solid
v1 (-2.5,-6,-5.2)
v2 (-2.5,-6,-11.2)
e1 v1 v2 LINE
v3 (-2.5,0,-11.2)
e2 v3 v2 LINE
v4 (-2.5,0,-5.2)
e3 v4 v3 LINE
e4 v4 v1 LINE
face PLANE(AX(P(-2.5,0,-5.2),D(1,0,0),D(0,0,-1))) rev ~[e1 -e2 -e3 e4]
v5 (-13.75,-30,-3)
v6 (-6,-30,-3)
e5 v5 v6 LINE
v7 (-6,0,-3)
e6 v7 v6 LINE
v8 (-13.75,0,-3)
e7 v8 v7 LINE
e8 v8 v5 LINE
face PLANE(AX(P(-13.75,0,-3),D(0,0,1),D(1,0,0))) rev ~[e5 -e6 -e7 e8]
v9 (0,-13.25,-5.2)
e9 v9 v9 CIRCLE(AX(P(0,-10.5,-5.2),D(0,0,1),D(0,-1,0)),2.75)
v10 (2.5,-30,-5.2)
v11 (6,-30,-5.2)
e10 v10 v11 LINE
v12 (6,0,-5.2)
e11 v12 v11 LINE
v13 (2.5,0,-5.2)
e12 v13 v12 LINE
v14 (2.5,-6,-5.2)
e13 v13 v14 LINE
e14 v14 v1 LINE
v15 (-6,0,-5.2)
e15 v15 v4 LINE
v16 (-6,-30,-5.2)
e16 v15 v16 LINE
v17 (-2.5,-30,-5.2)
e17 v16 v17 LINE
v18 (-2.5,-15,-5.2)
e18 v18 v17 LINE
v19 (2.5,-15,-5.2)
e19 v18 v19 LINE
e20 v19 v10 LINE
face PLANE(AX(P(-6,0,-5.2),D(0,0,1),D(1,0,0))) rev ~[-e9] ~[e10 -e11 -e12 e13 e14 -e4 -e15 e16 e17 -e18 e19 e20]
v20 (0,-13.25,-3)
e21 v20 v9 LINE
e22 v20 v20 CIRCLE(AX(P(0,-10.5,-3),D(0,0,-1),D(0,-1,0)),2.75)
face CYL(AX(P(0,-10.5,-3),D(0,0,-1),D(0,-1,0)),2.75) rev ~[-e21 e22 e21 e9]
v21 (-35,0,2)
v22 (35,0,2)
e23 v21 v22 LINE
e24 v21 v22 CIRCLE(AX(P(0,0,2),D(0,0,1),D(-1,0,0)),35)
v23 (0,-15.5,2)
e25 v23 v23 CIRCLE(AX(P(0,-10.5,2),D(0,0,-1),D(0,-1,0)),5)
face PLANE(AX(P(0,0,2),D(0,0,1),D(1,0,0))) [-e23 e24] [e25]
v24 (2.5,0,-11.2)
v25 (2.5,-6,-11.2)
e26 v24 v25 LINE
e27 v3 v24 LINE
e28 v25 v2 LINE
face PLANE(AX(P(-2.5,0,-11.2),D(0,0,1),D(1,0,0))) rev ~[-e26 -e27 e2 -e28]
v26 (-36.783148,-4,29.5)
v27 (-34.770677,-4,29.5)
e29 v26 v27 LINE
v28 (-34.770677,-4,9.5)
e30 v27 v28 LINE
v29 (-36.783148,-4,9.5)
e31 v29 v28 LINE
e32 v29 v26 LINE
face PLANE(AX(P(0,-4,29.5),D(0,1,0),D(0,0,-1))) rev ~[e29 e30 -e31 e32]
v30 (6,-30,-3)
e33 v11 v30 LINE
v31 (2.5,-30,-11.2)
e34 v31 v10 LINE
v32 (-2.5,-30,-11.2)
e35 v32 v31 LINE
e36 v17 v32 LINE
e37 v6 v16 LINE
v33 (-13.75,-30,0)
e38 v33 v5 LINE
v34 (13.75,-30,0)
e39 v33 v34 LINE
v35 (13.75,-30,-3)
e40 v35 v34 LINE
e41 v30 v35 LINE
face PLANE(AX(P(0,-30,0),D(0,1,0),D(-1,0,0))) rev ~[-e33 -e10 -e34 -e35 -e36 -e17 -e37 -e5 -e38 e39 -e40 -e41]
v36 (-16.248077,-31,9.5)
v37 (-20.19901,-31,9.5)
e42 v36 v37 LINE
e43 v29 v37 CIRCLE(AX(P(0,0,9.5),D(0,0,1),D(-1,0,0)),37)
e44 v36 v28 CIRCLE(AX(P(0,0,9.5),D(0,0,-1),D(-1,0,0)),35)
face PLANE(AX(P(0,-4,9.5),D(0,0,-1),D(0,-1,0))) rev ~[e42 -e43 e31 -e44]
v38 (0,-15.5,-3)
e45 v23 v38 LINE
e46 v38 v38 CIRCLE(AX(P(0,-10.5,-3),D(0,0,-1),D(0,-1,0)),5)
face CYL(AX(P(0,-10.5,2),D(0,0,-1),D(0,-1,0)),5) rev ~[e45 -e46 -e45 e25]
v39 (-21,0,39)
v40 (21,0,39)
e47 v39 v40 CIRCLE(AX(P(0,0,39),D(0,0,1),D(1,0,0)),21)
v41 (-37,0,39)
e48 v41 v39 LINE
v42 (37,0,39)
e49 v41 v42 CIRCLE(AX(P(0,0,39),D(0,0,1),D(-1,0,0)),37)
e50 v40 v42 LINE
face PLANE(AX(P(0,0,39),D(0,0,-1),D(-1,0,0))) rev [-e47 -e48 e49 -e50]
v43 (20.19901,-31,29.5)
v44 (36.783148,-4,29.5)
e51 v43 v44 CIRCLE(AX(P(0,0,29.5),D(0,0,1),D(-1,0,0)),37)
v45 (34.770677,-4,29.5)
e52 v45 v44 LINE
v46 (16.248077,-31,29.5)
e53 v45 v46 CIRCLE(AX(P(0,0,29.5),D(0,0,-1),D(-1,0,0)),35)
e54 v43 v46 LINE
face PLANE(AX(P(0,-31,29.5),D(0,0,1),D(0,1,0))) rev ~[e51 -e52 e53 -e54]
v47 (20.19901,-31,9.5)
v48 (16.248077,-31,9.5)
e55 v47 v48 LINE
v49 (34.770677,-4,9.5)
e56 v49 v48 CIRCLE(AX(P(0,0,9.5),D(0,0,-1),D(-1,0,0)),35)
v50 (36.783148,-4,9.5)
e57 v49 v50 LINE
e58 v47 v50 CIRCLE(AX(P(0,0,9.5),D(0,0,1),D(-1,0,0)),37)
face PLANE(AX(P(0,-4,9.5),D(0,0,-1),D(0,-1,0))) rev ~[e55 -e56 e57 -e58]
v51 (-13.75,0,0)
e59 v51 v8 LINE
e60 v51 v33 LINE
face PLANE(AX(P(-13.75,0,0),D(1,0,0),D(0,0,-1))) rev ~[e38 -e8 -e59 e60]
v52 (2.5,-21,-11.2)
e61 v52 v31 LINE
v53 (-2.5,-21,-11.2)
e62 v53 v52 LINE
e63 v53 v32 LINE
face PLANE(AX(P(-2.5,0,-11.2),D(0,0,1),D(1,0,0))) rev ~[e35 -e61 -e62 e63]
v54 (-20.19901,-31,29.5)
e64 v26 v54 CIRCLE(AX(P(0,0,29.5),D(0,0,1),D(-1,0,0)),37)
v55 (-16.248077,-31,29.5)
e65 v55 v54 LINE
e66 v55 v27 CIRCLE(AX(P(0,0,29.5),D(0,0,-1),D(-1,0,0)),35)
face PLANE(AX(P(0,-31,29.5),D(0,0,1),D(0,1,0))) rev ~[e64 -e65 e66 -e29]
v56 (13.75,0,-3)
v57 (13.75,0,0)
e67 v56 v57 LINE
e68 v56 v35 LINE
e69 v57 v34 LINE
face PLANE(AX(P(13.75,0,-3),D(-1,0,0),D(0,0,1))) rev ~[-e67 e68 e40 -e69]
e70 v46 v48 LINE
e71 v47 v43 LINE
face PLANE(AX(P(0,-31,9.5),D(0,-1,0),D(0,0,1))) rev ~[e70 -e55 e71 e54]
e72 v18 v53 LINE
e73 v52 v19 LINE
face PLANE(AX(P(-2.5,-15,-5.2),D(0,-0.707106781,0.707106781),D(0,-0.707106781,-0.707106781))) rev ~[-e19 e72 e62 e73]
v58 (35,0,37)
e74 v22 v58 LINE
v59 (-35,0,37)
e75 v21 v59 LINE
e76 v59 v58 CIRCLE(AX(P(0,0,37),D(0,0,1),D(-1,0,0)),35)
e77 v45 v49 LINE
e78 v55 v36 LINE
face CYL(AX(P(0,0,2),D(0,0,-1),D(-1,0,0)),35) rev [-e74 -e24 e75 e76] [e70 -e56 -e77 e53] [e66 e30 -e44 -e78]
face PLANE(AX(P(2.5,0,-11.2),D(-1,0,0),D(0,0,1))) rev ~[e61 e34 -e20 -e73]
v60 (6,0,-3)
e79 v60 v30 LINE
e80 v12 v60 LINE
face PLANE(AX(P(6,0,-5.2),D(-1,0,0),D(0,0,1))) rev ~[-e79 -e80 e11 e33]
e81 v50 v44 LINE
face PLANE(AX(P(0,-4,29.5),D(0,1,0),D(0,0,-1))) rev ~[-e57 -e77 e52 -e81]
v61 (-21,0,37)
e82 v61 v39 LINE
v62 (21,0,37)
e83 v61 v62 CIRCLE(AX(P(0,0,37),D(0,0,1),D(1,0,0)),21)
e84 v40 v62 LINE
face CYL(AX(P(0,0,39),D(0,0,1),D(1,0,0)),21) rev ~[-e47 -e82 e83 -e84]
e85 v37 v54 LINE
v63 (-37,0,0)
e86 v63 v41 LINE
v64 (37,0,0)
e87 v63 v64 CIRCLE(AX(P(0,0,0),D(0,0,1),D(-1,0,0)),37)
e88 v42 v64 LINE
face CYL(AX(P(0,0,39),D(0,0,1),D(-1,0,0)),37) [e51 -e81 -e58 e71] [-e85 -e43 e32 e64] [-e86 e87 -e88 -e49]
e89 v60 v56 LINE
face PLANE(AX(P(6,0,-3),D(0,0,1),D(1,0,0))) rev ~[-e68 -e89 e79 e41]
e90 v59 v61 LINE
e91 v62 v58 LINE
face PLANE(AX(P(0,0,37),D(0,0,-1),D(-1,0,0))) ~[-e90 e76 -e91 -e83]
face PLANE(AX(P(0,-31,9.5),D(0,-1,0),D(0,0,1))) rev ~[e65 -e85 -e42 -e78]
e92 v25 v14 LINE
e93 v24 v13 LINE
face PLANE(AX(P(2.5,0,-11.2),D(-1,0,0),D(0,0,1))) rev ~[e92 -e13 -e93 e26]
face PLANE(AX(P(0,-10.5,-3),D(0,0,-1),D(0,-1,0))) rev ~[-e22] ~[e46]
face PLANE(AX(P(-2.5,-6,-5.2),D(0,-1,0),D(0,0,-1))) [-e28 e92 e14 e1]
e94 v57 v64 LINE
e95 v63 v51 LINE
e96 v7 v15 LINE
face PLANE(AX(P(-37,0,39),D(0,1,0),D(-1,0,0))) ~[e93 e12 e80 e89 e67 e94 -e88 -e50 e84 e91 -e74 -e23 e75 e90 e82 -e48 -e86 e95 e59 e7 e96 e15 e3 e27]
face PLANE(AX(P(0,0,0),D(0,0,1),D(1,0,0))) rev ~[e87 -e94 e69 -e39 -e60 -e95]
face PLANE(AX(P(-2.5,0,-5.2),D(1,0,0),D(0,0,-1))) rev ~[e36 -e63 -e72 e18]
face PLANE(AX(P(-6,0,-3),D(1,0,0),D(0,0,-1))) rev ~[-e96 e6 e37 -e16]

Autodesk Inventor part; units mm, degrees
ref_plane "YZ Plane" through (0, 0, 0) normal (1, 0, 0) x (0, 1, 0)
ref_plane "XZ Plane" through (0, 0, 0) normal (0, 1, 0) x (-1, 0, 0)
ref_plane "XY Plane" through (0, 0, 0) normal (0, 0, 1) x (1, 0, 0)
sketch "Sketch1" plane through (0, 0, 0) normal (0, 0, 1) x (1, 0, 0)
  arc A0 (-37, 0) -> (37, 0) centre (0, 0) ccw
  line L0 (-51.8, 0) -> (51.8, 0) construction
  circle A1 centre (0, 0) radius 35 construction
  line L1 (-37, 0) -> (37, 0)
  dimension "d1" = 70
  dimension "d2" = 2
extrude "Extrusion1" add sketch "Sketch1" along normal blind 2
sketch "Sketch2" plane through (0, 0, 2) normal (0, 0, 1) x (1, 0, 0)
  arc A0 (-37, 0) -> (37, 0) centre (0, 0) ccw projected
  arc A1 (-35, 0) -> (35, 0) centre (0, 0) ccw
  line L0 (37, 0) -> (-37, 0) projected
  line L1 (-37, 0) -> (37, 0)
  dimension "d5" = 2
extrude "Extrusion2" add sketch "Sketch2" along normal blind 35 contours L0 A1 A0
ref_plane "Work Plane1" through (0, 0, 19.5) normal (0, 0, 1) x (1, 0, 0)
mirror "Mirror1" about plane through (0, 0, 19.5) normal (0, 0, 1) of "Extrusion1"
sketch "Sketch3" plane through (0, 0, 39) normal (0, 0, 1) x (1, 0, 0)
  circle A0 centre (0, 0) radius 21
  dimension "d8" = 42
extrude "Extrusion3" cut sketch "Sketch3" against normal blind 35
sketch "Sketch4" plane through (0, 0, 0) normal (1, 0, 0) x (0, 1, 0)
  line L0 (-4, 9.5) -> (-31, 9.5)
  line L1 (-31, 9.5) -> (-31, 29.5)
  line L2 (-31, 29.5) -> (-4, 29.5)
  line L3 (-4, 29.5) -> (-4, 9.5)
  line L4 (-44.4, 19.5) -> (7.4, 19.5) construction
  line L5 (0, 0) -> (0, 39) construction
  line L6 (-35, 37) -> (-35, 2) construction
  dimension "d11" = 20
  dimension "d12" = 4
  dimension "d13" = 4
extrude "Extrusion4" cut sketch "Sketch4" along normal through all both and the other way through all
sketch "Sketch5" plane through (0, 0, 0) normal (0, 1, 0) x (-1, 0, 0)
  line L0 (37, 0) -> (-37, 0) projected
  line L1 (0, -31.0583) -> (0, 50.6764) construction
  line L2 (-6, -3) -> (6, -3)
  line L3 (6, -3) -> (6, -5.2)
  line L4 (6, -5.2) -> (-6, -5.2)
  line L5 (-6, -5.2) -> (-6, -3)
  line L6 (-2.5, -5.2) -> (2.5, -5.2)
  line L7 (2.5, -5.2) -> (2.5, -11.2)
  line L8 (2.5, -11.2) -> (-2.5, -11.2)
  line L9 (-2.5, -11.2) -> (-2.5, -5.2)
  line L10 (0, -3) -> (0, -11.2) construction
  line L11 (-37, 0) -> (37, 0) construction
  line L12 (-13.75, 0) -> (13.75, 0)
  line L13 (13.75, 0) -> (13.75, -3)
  line L14 (13.75, -3) -> (-13.75, -3)
  line L15 (-13.75, -3) -> (-13.75, 0)
  dimension "d32" = 2.2
  dimension "d33" = 3.5
  dimension "d34" = 6
  dimension "d35" = 5
  dimension "d36" = 27.5
  dimension "d37" = 3
extrude "Extrusion5" add sketch "Sketch5" against normal blind 30
sketch "Sketch6" plane through (0, 0, 2) normal (0, 0, 1) x (1, 0, 0)
  line L0 (0, 0) -> (0, -21) construction
  arc A0 (-21, 0) -> (21, 0) centre (0, 0) ccw projected
  point P0 (0, -10.5)
hole "Hole1" at (0, -10.5, 2) direction (0, 0, -1) diameter 5.5 end through all counterbore diameter 10 counterbore depth 5 clearance for "Socket Head Cap Screw ISO 4762" size "M5" standard "ISO"
sketch "Sketch7" plane through (-2.5, -30, -11.2) normal (-1, 0, 0) x (0, 0, 1)
  line L0 (6, 30) -> (6, 0) projected
  line L1 (0, 30) -> (0, 20.6456) projected
  line L2 (0, 18.3544) -> (0, 0) projected
  line L3 (0, 15) -> (6, 15)
  line L4 (6, 15) -> (6, 24)
  line L5 (6, 24) -> (0, 24)
  line L6 (0, 24) -> (0, 15)
  line L7 (6, 18.3544) -> (0, 18.3544) construction
  line L8 (0, 19.5) -> (6, 19.5) construction
  line L9 (6, 15) -> (0, 9)
  line L10 (0, 15) -> (0, 9)
  line L11 (0, 20.6456) -> (6, 20.6456) construction
  point P0 (11.2, 30)
  point P1 (0, 24)
  dimension "d39" = 9
  dimension "d41" = 1.1456
  dimension "d42" = 45
  dimension "d45" = 1.1456
extrude "Extrusion6" cut sketch "Sketch7" along normal through all both and the other way through all
equation "\"d13\" = d12"
equation "\"d45\" = d41"
properties part number "Winddingshalter"
